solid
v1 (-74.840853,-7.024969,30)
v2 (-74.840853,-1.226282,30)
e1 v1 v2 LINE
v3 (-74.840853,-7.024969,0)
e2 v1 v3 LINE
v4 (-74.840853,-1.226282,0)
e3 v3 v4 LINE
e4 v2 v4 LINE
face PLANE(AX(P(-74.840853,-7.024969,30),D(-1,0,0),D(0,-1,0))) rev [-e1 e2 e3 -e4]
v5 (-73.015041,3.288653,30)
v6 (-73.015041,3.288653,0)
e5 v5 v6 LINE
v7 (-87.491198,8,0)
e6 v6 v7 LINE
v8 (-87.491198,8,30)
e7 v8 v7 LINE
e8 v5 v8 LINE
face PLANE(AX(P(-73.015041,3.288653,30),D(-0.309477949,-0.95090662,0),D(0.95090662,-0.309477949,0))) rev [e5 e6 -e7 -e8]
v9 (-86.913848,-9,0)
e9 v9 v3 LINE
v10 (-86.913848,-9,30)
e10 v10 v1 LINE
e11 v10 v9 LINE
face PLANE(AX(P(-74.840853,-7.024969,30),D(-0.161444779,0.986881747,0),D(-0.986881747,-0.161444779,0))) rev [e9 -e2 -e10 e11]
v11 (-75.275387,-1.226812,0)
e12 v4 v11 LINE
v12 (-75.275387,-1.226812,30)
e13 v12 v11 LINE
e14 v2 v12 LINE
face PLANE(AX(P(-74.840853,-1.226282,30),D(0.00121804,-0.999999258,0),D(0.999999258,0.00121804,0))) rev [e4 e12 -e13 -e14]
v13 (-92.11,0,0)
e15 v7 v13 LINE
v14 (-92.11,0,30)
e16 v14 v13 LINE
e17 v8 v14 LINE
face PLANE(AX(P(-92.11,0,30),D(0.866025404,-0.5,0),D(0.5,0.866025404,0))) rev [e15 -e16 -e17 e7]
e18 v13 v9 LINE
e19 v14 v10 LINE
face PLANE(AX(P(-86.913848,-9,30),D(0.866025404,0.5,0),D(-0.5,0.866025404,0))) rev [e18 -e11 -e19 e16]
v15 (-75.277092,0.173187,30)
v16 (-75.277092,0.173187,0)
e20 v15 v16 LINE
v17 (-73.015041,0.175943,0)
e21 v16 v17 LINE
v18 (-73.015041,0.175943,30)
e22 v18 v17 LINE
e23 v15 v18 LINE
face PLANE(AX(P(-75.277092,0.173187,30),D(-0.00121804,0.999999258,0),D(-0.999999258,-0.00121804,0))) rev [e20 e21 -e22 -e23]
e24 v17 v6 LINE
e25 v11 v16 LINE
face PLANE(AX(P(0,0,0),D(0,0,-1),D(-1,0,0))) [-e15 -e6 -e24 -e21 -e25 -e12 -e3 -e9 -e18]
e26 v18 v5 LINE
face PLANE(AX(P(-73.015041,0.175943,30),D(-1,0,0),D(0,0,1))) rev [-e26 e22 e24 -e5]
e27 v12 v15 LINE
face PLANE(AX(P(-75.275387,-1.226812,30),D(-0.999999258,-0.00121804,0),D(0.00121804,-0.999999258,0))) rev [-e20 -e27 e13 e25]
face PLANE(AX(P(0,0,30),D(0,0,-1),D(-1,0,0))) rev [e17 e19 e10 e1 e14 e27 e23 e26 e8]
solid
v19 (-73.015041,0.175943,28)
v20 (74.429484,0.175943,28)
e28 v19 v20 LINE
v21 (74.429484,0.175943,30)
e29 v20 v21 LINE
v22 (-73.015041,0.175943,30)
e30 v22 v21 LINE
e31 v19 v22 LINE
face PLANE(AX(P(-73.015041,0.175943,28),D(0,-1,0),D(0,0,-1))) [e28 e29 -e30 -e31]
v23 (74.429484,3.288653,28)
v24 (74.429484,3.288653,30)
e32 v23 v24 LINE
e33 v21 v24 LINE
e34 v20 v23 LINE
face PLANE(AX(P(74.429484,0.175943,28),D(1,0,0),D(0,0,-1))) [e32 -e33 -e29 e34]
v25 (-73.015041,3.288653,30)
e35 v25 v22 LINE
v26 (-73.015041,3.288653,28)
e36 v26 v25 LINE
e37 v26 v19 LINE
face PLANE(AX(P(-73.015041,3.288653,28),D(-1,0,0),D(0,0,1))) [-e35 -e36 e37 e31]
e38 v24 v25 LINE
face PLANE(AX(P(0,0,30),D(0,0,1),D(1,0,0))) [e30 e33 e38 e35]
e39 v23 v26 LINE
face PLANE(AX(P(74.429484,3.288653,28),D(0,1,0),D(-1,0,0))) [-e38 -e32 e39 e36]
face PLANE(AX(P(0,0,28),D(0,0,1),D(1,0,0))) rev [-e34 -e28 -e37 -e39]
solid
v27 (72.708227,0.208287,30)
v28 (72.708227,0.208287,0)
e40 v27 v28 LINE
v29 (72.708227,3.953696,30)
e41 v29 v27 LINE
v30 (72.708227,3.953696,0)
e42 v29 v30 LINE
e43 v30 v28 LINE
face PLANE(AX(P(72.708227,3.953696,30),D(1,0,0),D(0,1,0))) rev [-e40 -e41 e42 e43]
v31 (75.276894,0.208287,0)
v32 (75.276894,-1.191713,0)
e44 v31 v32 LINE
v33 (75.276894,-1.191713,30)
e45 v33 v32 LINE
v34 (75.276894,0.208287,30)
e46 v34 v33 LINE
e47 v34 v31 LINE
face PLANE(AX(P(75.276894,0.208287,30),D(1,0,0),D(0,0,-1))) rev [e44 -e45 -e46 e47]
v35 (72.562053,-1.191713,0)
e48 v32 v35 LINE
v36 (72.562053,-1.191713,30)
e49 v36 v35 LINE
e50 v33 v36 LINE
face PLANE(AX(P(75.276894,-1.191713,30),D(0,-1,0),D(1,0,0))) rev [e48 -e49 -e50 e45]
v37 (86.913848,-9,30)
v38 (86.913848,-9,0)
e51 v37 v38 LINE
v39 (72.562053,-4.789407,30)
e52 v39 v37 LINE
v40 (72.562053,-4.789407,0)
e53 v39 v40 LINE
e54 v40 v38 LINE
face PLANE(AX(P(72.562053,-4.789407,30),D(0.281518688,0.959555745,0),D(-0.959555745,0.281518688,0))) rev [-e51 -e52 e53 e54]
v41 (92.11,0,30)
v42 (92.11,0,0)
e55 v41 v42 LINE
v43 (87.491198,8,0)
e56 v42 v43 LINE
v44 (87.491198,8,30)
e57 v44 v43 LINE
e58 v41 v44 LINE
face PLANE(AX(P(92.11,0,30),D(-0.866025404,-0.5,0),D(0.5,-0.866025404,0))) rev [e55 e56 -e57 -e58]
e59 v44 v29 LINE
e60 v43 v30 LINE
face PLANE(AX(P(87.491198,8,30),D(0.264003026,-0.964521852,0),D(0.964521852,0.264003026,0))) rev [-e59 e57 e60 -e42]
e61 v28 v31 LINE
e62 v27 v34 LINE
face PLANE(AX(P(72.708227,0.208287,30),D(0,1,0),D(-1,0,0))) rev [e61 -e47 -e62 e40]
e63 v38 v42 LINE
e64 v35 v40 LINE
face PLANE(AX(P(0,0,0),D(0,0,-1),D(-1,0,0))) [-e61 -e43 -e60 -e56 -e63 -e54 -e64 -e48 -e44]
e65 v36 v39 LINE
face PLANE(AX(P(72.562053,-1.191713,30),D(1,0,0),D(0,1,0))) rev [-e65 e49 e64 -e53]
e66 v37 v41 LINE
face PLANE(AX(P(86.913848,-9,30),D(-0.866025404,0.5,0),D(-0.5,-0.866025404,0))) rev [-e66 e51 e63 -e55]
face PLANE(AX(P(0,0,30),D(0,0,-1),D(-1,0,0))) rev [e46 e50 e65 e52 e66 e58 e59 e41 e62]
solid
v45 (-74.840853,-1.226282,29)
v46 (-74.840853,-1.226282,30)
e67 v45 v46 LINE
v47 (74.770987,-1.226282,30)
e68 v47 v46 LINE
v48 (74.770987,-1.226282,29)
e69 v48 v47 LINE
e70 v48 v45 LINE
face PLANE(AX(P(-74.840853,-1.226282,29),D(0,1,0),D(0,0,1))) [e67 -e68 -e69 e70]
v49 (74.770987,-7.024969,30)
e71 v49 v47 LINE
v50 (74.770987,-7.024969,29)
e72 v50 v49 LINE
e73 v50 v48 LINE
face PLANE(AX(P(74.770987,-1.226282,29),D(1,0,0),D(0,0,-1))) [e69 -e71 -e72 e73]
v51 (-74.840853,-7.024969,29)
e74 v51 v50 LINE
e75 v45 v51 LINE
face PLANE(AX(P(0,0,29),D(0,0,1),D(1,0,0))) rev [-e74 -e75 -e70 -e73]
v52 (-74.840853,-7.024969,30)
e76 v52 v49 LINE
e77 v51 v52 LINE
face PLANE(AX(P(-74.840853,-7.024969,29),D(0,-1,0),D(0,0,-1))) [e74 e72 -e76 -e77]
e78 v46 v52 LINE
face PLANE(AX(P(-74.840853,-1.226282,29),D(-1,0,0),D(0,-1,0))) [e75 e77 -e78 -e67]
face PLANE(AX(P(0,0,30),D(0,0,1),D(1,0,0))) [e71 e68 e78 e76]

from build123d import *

# Parameters (mm, degrees)
RESSALTO_EXTRUS_O1_DEPTH   = 30
RESSALTO_EXTRUS_O1_2_DEPTH = 30
ESBO_O2_W                  = 147.444524977
ESBO_O2_H                  = 3.112709989
RESSALTO_EXTRUS_O2_DEPTH   = 2
ESBO_O3_W                  = 149.611840442
ESBO_O3_H                  = 5.798686857
RESSALTO_EXTRUS_O3_DEPTH   = 1


with BuildPart() as part:
    # Esboço1 → Ressalto-extrusão1 (new body)
    with BuildSketch(Plane.XY):
        Polygon((-92.11, 0), (-87.491197846, 8), (-73.015040819, 3.288652645), (-73.015040819, 0.175942656), (-75.277091977, 0.173187386), (-75.275386722, -1.226811575), (-74.840853313, -1.226282296), (-74.840853313, -7.024969153), (-86.913847577, -9), align=None)
    extrude(amount=RESSALTO_EXTRUS_O1_DEPTH)


with BuildPart() as body_2:
    # Esboço1 → Ressalto-extrus_o1 2 (new body)
    with BuildSketch(Plane.XY):
        Polygon((92.11, 0), (87.491197846, 8), (72.7082274, 3.953695686), (72.7082274, 0.208287179), (75.276894, 0.208287179), (75.276894, -1.191712821), (72.562052582, -1.191712821), (72.562052582, -4.789407208), (86.913847577, -9), align=None)
    extrude(amount=RESSALTO_EXTRUS_O1_2_DEPTH)


with BuildPart() as body_3:
    # Esboço2 → Ressalto-extrusão2 (new body)
    with BuildSketch(Plane.XY.offset(30)):
        with Locations((0.70722167, 1.732297651)):
            Rectangle(ESBO_O2_W, ESBO_O2_H)
    extrude(amount=-RESSALTO_EXTRUS_O2_DEPTH)


with BuildPart() as body_4:
    # Esboço3 → Ressalto-extrusão3 (new body)
    with BuildSketch(Plane.XY.offset(30)):
        with Locations((-0.034933092, -4.125625725)):
            Rectangle(ESBO_O3_W, ESBO_O3_H)
    extrude(amount=-RESSALTO_EXTRUS_O3_DEPTH)


solid = Compound([part.part, body_2.part, body_3.part, body_4.part])
